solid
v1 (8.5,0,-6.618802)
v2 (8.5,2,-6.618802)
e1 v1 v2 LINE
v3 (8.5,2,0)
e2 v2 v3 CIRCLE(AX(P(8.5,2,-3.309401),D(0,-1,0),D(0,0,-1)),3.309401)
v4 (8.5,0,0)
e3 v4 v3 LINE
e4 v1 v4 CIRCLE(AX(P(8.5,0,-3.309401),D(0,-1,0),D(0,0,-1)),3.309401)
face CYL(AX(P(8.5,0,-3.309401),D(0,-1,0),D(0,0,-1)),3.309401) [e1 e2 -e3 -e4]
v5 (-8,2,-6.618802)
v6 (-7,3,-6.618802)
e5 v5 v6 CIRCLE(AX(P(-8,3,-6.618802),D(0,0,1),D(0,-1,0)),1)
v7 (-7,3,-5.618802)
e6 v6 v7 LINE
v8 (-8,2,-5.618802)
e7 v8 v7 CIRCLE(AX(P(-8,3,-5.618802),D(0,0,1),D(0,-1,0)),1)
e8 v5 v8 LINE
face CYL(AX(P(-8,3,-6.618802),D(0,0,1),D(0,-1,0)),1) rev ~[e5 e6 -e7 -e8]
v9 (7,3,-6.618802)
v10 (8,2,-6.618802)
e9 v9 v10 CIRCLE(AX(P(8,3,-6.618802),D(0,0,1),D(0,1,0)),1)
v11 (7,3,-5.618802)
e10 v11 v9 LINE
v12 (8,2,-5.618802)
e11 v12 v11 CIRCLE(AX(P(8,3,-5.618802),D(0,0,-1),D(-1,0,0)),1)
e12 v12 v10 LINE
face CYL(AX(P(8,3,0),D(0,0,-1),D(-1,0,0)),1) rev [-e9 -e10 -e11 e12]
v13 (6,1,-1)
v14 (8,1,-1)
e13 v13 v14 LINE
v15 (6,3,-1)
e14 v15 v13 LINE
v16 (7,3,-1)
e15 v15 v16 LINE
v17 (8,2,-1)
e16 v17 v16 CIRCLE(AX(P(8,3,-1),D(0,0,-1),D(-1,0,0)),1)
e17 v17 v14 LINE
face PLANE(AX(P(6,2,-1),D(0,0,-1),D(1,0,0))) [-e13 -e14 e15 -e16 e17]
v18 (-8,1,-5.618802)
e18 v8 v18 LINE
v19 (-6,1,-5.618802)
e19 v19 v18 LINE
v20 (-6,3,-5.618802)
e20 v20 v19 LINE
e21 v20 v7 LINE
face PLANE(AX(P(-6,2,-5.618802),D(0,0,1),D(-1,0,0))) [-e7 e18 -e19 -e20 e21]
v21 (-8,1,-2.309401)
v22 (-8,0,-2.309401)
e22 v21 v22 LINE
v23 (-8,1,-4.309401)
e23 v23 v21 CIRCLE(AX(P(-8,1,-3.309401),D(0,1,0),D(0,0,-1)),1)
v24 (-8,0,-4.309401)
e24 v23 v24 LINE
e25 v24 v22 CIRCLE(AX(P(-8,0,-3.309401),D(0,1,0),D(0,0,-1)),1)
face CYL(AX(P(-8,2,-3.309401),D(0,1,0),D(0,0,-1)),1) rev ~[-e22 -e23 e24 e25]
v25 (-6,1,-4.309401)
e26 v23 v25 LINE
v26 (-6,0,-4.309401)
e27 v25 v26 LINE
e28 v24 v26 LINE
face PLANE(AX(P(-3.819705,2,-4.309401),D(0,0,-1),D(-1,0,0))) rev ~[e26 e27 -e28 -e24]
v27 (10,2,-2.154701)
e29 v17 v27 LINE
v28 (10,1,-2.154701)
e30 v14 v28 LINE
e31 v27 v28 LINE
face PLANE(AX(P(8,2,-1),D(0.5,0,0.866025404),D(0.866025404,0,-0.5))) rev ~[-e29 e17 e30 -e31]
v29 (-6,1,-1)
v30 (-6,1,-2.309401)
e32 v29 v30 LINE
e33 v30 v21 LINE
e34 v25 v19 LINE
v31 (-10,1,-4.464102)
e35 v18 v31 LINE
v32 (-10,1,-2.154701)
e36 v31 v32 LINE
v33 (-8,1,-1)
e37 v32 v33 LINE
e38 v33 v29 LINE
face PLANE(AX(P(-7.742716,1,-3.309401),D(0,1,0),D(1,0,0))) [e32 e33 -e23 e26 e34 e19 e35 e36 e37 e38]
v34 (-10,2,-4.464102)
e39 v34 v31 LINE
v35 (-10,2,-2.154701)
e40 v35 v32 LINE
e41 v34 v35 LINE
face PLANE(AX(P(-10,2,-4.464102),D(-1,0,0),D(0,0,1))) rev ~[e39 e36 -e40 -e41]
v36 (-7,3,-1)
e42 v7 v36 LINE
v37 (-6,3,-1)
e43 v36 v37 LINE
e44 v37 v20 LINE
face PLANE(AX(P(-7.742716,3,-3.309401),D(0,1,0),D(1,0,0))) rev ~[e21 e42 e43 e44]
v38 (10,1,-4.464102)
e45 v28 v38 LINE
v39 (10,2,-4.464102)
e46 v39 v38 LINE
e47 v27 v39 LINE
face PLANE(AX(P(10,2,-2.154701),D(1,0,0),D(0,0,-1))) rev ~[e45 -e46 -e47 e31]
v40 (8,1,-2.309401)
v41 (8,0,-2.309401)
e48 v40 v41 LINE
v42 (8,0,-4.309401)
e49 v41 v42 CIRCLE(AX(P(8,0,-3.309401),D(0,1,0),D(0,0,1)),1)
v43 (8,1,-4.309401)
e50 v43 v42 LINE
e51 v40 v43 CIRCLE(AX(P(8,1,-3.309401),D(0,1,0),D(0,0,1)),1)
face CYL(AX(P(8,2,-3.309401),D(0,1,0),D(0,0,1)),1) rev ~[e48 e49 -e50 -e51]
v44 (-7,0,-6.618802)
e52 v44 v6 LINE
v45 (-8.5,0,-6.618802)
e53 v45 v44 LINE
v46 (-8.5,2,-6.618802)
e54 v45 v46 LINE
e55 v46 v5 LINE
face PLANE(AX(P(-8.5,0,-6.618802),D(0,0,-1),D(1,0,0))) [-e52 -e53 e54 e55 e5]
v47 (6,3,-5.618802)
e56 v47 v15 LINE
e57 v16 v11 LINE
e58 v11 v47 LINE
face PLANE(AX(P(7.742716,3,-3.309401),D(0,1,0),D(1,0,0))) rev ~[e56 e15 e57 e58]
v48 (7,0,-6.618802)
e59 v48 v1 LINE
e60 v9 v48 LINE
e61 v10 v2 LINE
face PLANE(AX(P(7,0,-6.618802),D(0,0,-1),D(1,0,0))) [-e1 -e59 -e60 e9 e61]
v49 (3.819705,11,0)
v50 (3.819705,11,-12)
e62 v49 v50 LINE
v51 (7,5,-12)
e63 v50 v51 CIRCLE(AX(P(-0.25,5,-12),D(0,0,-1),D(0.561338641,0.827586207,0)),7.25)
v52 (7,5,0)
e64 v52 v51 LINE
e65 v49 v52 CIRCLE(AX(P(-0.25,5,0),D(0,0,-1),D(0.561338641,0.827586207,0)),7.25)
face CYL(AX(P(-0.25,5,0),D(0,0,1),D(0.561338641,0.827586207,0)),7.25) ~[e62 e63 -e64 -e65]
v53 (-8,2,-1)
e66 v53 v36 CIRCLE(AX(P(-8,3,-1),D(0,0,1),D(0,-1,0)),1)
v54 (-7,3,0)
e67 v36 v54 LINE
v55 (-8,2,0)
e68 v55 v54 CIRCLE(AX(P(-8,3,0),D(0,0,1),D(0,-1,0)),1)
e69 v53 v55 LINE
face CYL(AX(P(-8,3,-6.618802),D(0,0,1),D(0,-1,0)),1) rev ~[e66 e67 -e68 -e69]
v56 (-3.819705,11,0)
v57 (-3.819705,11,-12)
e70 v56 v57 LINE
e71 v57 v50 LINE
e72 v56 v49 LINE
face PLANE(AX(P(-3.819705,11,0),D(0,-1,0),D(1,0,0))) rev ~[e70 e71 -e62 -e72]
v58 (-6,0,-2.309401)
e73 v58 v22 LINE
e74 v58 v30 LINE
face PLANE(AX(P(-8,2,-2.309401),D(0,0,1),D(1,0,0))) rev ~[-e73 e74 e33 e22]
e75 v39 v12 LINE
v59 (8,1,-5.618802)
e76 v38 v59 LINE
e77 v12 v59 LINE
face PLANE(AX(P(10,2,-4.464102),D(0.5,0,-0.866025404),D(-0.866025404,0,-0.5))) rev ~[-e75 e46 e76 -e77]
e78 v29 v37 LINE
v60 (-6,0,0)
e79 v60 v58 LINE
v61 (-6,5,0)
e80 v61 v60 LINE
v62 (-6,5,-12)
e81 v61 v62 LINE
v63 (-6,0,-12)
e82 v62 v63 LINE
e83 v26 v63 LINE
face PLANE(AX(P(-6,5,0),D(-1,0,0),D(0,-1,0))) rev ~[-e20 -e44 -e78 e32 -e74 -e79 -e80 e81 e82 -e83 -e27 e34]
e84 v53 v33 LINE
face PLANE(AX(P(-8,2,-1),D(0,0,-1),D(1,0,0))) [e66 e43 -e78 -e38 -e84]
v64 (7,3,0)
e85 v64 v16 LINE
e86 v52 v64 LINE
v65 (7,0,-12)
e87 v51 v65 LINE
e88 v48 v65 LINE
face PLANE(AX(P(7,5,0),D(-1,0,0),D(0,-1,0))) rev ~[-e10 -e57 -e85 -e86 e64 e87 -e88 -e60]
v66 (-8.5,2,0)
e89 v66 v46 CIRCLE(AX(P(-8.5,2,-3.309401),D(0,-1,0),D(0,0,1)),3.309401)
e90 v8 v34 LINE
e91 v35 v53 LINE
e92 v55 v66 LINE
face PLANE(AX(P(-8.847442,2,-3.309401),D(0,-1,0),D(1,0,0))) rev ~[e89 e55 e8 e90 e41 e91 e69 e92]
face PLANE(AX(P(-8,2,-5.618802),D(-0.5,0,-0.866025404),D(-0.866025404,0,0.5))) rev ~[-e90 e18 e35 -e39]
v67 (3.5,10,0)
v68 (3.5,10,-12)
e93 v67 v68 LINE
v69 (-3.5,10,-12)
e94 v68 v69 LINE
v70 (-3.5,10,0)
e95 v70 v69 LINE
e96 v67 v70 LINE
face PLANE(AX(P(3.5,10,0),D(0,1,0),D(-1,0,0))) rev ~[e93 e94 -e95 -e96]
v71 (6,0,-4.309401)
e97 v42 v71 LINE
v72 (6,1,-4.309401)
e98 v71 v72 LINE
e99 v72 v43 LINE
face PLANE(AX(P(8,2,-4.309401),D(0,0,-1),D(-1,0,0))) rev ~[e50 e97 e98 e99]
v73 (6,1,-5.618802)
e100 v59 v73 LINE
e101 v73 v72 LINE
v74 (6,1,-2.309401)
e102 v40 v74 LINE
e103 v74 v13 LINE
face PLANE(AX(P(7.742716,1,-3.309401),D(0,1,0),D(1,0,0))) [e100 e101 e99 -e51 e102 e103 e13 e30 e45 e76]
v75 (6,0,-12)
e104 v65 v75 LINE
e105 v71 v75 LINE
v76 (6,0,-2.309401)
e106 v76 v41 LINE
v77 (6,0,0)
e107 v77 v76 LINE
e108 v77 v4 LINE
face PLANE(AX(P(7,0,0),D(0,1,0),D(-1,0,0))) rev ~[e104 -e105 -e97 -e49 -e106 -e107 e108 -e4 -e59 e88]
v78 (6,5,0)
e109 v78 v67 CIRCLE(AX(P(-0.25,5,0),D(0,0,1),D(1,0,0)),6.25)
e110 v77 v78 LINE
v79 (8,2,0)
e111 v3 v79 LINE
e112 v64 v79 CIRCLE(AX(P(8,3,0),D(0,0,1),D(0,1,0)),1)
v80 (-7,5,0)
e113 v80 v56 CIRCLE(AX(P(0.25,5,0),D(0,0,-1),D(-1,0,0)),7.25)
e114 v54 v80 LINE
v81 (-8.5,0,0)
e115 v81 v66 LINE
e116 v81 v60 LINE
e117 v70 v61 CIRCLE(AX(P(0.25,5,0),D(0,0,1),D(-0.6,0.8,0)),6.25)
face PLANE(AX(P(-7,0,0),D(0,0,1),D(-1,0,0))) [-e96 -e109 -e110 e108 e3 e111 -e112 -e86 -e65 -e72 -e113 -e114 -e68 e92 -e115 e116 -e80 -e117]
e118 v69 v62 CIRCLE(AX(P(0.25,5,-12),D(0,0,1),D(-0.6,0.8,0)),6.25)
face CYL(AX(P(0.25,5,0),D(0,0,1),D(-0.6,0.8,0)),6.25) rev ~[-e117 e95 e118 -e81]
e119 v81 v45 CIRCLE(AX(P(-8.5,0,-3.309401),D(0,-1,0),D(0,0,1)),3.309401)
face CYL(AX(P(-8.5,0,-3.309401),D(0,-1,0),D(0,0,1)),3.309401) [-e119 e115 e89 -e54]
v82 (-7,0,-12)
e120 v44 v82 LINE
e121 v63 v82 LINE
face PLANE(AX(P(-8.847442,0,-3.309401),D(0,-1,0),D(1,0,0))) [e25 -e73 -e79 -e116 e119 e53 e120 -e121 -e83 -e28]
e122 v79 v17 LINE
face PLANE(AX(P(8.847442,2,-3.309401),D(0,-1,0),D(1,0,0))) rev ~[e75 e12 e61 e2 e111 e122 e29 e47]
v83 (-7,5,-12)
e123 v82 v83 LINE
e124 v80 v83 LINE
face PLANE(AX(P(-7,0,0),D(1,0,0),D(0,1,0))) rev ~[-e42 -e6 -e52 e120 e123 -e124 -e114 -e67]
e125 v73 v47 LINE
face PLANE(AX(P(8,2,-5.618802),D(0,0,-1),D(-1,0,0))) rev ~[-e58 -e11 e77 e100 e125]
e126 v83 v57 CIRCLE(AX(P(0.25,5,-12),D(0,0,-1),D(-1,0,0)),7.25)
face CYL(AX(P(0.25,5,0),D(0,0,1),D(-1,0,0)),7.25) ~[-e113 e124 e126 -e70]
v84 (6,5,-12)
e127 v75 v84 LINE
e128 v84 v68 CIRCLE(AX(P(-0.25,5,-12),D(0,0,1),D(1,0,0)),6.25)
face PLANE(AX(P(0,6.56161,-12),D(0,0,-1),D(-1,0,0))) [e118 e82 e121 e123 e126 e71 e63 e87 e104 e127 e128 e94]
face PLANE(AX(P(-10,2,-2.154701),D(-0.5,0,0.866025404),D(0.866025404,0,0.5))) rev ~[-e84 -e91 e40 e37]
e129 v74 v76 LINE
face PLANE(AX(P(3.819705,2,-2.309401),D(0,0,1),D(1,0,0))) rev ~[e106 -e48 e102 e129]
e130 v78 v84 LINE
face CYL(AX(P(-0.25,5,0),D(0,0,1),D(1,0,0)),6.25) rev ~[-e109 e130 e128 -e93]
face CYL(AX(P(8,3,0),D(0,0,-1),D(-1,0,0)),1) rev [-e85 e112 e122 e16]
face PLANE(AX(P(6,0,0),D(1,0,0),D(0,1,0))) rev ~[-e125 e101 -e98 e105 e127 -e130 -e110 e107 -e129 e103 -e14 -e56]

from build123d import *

# Parameters (mm, degrees)
BOSS_EXTRUDE1_DEPTH     = 12
BOSS_EXTRUDE3_DEPTH     = 2
FILLET2_R               = 1
CUT_EXTRUDE7_DEPTH      = 3
CUT_EXTRUDE8_DEPTH      = 1
CUT_EXTRUDE8_DEPTH_BACK = 1


with BuildPart() as part:
    # Sketch1 → Boss-Extrude1 (new body)
    with BuildSketch(Plane.XY):
        with BuildLine():
            Line((3.5, 10), (-3.5, 10))
            ThreePointArc((-3.5, 10), (-5.340169944, 7.795084972), (-6, 5))
            Line((-6, 5), (-6, 0))
            Line((-6, 0), (-7, 0))
            Line((-7, 0), (-7, 1))
            Line((-7, 1), (-7, 5))
            ThreePointArc((-7, 5), (-6.155773268, 8.395374624), (-3.819705149, 11))
            Line((-3.819705149, 11), (3.819705149, 11))
            ThreePointArc((3.819705149, 11), (6.155773268, 8.395374624), (7, 5))
            Line((7, 5), (7, 1))
            Line((7, 1), (7, 0))
            Line((7, 0), (6, 0))
            Line((6, 0), (6, 5))
            ThreePointArc((6, 5), (5.340169944, 7.795084972), (3.5, 10))
        make_face()
    extrude(amount=-BOSS_EXTRUDE1_DEPTH)

    # Sketch4 → Boss-Extrude3 (add)
    with BuildSketch(Plane.XZ):
        with BuildLine():
            Line((-7, 0), (-8.5, 0))
            ThreePointArc((-8.5, 0), (-11.809401077, -3.309401077), (-8.5, -6.618802154))
            Line((-8.5, -6.618802154), (-7, -6.618802154))
            Line((-7, -6.618802154), (-7, 0))
        make_face()
        with BuildLine():
            ThreePointArc((8.5, -6.618802154), (11.809401077, -3.309401077), (8.5, 0))
            Line((8.5, 0), (7, 0))
            Line((7, 0), (7, -6.618802154))
            Line((7, -6.618802154), (8.5, -6.618802154))
        make_face()
    extrude(amount=-BOSS_EXTRUDE3_DEPTH)

    # Fillet2
    fillet2_edges = [part.edges().sort_by_distance(p)[0] for p in [
        (-7, 2, -3.309401077),
        (7, 2, -3.309401077),
    ]]
    fillet(fillet2_edges, radius=FILLET2_R)

    # Sketch5 → Cut-Extrude7 (cut)
    with BuildSketch(Plane(origin=(0, 2, 0), x_dir=(1, 0, 0), z_dir=(0, 1, 0))):
        with BuildLine():
            Line((-7, 4.309401077), (-8, 4.309401077))
            ThreePointArc((-8, 4.309401077), (-9, 3.309401077), (-8, 2.309401077))
            Line((-8, 2.309401077), (-7, 2.309401077))
            Line((-7, 2.309401077), (-3.819705149, 2.309401077))
            Line((-3.819705149, 2.309401077), (-3.819705149, 4.309401077))
            Line((-3.819705149, 4.309401077), (-7, 4.309401077))
        make_face()
        with BuildLine():
            Line((3.819705149, 2.309401077), (7, 2.309401077))
            Line((7, 2.309401077), (8, 2.309401077))
            ThreePointArc((8, 2.309401077), (9, 3.309401077), (8, 4.309401077))
            Line((8, 4.309401077), (7, 4.309401077))
            Line((7, 4.309401077), (3.819705149, 4.309401077))
            Line((3.819705149, 4.309401077), (3.819705149, 2.309401077))
        make_face()
    extrude(amount=-CUT_EXTRUDE7_DEPTH, mode=Mode.SUBTRACT)

    # Sketch6 → Cut-Extrude8 (cut, two sides)
    with BuildSketch(Plane(origin=(0, 2, 0), x_dir=(1, 0, 0), z_dir=(0, 1, 0))) as cut_extrude8_sk:
        Polygon((-8, 5.618802154), (-10, 4.464101615), (-10, 2.154700538), (-8, 1), (-6, 1), (-6, 5.618802154), align=None)
        Polygon((6, 1), (8, 1), (10, 2.154700538), (10, 4.464101615), (8, 5.618802154), (6, 5.618802154), align=None)
    extrude(amount=CUT_EXTRUDE8_DEPTH, mode=Mode.SUBTRACT)
    extrude(cut_extrude8_sk.sketch, amount=-CUT_EXTRUDE8_DEPTH_BACK, mode=Mode.SUBTRACT)


solid = part.part
